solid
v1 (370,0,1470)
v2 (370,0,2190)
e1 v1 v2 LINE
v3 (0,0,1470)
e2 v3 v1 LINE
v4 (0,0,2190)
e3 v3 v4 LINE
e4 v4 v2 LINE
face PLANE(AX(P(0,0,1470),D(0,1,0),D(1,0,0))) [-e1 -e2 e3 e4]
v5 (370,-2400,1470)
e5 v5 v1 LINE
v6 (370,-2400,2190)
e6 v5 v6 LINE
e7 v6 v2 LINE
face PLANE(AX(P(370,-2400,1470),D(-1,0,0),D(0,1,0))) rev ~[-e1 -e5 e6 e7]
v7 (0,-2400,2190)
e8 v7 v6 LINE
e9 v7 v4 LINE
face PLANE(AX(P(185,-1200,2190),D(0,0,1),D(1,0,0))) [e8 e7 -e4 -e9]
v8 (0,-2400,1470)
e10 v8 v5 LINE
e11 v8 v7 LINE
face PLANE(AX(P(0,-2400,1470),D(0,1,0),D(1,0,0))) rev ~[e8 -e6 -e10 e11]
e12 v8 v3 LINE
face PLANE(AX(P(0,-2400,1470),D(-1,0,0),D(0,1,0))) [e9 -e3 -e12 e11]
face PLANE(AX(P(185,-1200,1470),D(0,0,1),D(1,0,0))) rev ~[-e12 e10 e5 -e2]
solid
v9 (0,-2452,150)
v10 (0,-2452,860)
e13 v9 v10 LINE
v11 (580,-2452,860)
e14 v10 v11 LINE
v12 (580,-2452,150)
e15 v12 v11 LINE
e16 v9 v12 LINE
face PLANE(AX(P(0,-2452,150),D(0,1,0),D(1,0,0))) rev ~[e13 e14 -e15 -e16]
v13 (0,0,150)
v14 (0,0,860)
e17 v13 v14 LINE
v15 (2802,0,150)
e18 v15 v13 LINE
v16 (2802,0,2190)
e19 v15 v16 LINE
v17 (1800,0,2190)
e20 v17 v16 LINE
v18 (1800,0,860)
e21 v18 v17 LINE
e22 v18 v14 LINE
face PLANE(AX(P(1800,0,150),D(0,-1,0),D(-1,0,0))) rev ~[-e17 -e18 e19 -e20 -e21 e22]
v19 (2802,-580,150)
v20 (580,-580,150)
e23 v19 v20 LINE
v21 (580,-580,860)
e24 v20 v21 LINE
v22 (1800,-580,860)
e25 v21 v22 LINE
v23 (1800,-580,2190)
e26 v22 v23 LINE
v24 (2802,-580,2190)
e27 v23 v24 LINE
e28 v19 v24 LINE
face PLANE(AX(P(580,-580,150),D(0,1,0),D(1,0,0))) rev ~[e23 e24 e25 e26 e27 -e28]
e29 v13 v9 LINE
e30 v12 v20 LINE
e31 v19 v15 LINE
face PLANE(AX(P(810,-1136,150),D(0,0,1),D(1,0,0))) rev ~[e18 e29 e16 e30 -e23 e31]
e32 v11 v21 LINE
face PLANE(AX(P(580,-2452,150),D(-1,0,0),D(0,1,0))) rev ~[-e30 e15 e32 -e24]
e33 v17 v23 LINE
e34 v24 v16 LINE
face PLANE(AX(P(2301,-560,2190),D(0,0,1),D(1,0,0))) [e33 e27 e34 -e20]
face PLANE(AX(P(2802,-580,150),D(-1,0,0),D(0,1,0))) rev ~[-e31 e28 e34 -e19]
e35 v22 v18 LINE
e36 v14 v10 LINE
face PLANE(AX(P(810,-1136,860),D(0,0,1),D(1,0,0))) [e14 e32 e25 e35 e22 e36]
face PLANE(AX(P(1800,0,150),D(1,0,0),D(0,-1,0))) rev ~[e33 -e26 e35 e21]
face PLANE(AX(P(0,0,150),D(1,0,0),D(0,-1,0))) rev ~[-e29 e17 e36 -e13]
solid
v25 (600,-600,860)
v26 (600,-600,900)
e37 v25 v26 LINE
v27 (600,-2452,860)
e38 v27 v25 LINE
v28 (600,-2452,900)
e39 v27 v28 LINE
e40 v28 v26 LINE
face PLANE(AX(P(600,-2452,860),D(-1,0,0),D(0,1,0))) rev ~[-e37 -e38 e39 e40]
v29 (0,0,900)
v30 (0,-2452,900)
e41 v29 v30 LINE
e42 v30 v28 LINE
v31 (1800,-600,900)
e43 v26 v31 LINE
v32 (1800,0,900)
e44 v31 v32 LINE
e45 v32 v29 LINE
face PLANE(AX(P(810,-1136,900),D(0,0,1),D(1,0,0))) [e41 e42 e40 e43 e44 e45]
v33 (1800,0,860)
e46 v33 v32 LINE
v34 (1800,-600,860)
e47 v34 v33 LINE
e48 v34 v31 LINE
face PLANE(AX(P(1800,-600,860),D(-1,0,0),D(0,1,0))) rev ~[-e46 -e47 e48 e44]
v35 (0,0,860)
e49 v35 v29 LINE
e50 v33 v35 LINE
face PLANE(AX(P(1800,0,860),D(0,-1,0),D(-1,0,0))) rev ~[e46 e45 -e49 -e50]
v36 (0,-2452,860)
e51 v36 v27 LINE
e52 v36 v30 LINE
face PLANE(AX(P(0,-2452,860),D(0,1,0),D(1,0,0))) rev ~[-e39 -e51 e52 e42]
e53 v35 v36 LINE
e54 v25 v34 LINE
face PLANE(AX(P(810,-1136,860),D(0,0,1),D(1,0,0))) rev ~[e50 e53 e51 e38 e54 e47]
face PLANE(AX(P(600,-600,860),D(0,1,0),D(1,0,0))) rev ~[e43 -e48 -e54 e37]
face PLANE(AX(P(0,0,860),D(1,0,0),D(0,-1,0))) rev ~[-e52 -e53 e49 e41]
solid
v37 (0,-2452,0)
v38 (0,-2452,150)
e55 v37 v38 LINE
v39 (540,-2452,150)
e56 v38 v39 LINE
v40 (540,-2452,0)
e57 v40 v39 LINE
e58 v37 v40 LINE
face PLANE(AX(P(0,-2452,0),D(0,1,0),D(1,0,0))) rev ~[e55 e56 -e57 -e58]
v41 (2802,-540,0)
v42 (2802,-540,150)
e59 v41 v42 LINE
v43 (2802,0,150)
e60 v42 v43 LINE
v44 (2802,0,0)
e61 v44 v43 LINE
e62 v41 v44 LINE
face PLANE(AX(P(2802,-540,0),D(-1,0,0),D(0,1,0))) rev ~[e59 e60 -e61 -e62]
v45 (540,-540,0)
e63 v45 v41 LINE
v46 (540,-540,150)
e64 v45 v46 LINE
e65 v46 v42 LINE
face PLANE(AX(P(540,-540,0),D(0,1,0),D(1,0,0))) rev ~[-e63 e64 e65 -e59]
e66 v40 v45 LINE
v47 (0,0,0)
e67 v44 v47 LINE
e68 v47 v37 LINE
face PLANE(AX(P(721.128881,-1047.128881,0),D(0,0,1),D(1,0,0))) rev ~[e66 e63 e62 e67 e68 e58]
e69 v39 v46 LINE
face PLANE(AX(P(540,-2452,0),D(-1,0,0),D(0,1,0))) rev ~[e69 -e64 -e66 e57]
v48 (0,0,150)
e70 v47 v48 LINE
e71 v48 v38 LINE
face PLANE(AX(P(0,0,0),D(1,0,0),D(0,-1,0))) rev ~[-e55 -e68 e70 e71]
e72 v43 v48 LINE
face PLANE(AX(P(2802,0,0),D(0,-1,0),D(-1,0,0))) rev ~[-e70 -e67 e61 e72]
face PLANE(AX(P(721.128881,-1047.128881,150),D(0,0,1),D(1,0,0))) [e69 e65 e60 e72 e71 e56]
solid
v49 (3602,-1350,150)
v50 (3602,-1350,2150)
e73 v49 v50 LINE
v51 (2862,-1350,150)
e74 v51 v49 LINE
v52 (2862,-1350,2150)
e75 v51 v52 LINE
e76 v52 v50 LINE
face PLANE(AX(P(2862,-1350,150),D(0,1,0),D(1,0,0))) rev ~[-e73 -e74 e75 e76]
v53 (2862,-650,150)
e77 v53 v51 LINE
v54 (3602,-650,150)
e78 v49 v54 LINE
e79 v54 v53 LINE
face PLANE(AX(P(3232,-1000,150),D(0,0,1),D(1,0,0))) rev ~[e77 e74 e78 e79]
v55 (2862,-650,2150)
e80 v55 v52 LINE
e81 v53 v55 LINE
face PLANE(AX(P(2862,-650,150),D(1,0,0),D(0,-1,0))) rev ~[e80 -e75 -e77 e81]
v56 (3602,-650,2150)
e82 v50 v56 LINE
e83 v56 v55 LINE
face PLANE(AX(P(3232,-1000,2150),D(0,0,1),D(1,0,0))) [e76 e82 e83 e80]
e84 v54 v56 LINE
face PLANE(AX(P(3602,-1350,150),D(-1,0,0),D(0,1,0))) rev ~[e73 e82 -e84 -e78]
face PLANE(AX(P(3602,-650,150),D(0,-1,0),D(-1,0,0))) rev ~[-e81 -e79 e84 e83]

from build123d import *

# Parameters (mm, degrees)
F1_START = 150
F0_W     = 1002
F0_H     = 40
F0_H_2   = 540
F1_DEPTH = 2040
F2_START = 150
F0_W_2   = 370
F0_H_3   = 2400
F2_DEPTH = 710
F3_START = 860
F3_DEPTH = 40
F4_DEPTH = 150
F5_START = 150
F5_DEPTH = 2000
F6_START = 1470
F6_DEPTH = 720


with BuildPart() as f1:
    # F0 (on Top) → F1 (new body)
    with BuildSketch(Plane.XY.offset(F1_START)):
        with Locations((2301, -560)):
            Rectangle(F0_W, F0_H)
        with Locations((2301, -270)):
            Rectangle(F0_W, F0_H_2)
    extrude(amount=F1_DEPTH)

    # F0 (on Top) → F2 (join)
    with BuildSketch(Plane.XY.offset(F2_START)):
        Polygon((1800, -580), (1800, -540), (540, -540), (540, -2452), (580, -2452), (580, -580), align=None)
        Polygon((1800, 0), (370, 0), (370, -2400), (0, -2400), (0, -2452), (540, -2452), (540, -540), (1800, -540), align=None)
        with Locations((185, -1200)):
            Rectangle(F0_W_2, F0_H_3)
    extrude(amount=F2_DEPTH)


with BuildPart() as f3:
    # F0 (on Top) → F3 (new body)
    with BuildSketch(Plane.XY.offset(F3_START)):
        Polygon((1800, -580), (1800, -540), (540, -540), (540, -2452), (580, -2452), (580, -580), align=None)
        Polygon((1800, -600), (1800, -580), (580, -580), (580, -2452), (600, -2452), (600, -600), align=None)
        Polygon((1800, 0), (370, 0), (370, -2400), (0, -2400), (0, -2452), (540, -2452), (540, -540), (1800, -540), align=None)
        with Locations((185, -1200)):
            Rectangle(F0_W_2, F0_H_3)
    extrude(amount=F3_DEPTH)


with BuildPart() as f4:
    # F0 (on Top) → F4 (new body, through all)
    with BuildSketch(Plane.XY):
        Polygon((1800, 0), (370, 0), (370, -2400), (0, -2400), (0, -2452), (540, -2452), (540, -540), (1800, -540), align=None)
        with Locations((2301, -270)):
            Rectangle(F0_W, F0_H_2)
        with Locations((185, -1200)):
            Rectangle(F0_W_2, F0_H_3)
    extrude(amount=F4_DEPTH)


with BuildPart() as f5:
    # F0 (on Top) → F5 (new body)
    with BuildSketch(Plane.XY.offset(F5_START)):
        Polygon((3602, -650), (3022, -650), (2862, -650), (2862, -1350), (3022, -1350), (3602, -1350), align=None)
    extrude(amount=F5_DEPTH)


with BuildPart() as f6:
    # F0 (on Top) → F6 (new body)
    with BuildSketch(Plane.XY.offset(F6_START)):
        with Locations((185, -1200)):
            Rectangle(F0_W_2, F0_H_3)
    extrude(amount=F6_DEPTH)


solid = Compound([f1.part, f3.part, f4.part, f5.part, f6.part])
